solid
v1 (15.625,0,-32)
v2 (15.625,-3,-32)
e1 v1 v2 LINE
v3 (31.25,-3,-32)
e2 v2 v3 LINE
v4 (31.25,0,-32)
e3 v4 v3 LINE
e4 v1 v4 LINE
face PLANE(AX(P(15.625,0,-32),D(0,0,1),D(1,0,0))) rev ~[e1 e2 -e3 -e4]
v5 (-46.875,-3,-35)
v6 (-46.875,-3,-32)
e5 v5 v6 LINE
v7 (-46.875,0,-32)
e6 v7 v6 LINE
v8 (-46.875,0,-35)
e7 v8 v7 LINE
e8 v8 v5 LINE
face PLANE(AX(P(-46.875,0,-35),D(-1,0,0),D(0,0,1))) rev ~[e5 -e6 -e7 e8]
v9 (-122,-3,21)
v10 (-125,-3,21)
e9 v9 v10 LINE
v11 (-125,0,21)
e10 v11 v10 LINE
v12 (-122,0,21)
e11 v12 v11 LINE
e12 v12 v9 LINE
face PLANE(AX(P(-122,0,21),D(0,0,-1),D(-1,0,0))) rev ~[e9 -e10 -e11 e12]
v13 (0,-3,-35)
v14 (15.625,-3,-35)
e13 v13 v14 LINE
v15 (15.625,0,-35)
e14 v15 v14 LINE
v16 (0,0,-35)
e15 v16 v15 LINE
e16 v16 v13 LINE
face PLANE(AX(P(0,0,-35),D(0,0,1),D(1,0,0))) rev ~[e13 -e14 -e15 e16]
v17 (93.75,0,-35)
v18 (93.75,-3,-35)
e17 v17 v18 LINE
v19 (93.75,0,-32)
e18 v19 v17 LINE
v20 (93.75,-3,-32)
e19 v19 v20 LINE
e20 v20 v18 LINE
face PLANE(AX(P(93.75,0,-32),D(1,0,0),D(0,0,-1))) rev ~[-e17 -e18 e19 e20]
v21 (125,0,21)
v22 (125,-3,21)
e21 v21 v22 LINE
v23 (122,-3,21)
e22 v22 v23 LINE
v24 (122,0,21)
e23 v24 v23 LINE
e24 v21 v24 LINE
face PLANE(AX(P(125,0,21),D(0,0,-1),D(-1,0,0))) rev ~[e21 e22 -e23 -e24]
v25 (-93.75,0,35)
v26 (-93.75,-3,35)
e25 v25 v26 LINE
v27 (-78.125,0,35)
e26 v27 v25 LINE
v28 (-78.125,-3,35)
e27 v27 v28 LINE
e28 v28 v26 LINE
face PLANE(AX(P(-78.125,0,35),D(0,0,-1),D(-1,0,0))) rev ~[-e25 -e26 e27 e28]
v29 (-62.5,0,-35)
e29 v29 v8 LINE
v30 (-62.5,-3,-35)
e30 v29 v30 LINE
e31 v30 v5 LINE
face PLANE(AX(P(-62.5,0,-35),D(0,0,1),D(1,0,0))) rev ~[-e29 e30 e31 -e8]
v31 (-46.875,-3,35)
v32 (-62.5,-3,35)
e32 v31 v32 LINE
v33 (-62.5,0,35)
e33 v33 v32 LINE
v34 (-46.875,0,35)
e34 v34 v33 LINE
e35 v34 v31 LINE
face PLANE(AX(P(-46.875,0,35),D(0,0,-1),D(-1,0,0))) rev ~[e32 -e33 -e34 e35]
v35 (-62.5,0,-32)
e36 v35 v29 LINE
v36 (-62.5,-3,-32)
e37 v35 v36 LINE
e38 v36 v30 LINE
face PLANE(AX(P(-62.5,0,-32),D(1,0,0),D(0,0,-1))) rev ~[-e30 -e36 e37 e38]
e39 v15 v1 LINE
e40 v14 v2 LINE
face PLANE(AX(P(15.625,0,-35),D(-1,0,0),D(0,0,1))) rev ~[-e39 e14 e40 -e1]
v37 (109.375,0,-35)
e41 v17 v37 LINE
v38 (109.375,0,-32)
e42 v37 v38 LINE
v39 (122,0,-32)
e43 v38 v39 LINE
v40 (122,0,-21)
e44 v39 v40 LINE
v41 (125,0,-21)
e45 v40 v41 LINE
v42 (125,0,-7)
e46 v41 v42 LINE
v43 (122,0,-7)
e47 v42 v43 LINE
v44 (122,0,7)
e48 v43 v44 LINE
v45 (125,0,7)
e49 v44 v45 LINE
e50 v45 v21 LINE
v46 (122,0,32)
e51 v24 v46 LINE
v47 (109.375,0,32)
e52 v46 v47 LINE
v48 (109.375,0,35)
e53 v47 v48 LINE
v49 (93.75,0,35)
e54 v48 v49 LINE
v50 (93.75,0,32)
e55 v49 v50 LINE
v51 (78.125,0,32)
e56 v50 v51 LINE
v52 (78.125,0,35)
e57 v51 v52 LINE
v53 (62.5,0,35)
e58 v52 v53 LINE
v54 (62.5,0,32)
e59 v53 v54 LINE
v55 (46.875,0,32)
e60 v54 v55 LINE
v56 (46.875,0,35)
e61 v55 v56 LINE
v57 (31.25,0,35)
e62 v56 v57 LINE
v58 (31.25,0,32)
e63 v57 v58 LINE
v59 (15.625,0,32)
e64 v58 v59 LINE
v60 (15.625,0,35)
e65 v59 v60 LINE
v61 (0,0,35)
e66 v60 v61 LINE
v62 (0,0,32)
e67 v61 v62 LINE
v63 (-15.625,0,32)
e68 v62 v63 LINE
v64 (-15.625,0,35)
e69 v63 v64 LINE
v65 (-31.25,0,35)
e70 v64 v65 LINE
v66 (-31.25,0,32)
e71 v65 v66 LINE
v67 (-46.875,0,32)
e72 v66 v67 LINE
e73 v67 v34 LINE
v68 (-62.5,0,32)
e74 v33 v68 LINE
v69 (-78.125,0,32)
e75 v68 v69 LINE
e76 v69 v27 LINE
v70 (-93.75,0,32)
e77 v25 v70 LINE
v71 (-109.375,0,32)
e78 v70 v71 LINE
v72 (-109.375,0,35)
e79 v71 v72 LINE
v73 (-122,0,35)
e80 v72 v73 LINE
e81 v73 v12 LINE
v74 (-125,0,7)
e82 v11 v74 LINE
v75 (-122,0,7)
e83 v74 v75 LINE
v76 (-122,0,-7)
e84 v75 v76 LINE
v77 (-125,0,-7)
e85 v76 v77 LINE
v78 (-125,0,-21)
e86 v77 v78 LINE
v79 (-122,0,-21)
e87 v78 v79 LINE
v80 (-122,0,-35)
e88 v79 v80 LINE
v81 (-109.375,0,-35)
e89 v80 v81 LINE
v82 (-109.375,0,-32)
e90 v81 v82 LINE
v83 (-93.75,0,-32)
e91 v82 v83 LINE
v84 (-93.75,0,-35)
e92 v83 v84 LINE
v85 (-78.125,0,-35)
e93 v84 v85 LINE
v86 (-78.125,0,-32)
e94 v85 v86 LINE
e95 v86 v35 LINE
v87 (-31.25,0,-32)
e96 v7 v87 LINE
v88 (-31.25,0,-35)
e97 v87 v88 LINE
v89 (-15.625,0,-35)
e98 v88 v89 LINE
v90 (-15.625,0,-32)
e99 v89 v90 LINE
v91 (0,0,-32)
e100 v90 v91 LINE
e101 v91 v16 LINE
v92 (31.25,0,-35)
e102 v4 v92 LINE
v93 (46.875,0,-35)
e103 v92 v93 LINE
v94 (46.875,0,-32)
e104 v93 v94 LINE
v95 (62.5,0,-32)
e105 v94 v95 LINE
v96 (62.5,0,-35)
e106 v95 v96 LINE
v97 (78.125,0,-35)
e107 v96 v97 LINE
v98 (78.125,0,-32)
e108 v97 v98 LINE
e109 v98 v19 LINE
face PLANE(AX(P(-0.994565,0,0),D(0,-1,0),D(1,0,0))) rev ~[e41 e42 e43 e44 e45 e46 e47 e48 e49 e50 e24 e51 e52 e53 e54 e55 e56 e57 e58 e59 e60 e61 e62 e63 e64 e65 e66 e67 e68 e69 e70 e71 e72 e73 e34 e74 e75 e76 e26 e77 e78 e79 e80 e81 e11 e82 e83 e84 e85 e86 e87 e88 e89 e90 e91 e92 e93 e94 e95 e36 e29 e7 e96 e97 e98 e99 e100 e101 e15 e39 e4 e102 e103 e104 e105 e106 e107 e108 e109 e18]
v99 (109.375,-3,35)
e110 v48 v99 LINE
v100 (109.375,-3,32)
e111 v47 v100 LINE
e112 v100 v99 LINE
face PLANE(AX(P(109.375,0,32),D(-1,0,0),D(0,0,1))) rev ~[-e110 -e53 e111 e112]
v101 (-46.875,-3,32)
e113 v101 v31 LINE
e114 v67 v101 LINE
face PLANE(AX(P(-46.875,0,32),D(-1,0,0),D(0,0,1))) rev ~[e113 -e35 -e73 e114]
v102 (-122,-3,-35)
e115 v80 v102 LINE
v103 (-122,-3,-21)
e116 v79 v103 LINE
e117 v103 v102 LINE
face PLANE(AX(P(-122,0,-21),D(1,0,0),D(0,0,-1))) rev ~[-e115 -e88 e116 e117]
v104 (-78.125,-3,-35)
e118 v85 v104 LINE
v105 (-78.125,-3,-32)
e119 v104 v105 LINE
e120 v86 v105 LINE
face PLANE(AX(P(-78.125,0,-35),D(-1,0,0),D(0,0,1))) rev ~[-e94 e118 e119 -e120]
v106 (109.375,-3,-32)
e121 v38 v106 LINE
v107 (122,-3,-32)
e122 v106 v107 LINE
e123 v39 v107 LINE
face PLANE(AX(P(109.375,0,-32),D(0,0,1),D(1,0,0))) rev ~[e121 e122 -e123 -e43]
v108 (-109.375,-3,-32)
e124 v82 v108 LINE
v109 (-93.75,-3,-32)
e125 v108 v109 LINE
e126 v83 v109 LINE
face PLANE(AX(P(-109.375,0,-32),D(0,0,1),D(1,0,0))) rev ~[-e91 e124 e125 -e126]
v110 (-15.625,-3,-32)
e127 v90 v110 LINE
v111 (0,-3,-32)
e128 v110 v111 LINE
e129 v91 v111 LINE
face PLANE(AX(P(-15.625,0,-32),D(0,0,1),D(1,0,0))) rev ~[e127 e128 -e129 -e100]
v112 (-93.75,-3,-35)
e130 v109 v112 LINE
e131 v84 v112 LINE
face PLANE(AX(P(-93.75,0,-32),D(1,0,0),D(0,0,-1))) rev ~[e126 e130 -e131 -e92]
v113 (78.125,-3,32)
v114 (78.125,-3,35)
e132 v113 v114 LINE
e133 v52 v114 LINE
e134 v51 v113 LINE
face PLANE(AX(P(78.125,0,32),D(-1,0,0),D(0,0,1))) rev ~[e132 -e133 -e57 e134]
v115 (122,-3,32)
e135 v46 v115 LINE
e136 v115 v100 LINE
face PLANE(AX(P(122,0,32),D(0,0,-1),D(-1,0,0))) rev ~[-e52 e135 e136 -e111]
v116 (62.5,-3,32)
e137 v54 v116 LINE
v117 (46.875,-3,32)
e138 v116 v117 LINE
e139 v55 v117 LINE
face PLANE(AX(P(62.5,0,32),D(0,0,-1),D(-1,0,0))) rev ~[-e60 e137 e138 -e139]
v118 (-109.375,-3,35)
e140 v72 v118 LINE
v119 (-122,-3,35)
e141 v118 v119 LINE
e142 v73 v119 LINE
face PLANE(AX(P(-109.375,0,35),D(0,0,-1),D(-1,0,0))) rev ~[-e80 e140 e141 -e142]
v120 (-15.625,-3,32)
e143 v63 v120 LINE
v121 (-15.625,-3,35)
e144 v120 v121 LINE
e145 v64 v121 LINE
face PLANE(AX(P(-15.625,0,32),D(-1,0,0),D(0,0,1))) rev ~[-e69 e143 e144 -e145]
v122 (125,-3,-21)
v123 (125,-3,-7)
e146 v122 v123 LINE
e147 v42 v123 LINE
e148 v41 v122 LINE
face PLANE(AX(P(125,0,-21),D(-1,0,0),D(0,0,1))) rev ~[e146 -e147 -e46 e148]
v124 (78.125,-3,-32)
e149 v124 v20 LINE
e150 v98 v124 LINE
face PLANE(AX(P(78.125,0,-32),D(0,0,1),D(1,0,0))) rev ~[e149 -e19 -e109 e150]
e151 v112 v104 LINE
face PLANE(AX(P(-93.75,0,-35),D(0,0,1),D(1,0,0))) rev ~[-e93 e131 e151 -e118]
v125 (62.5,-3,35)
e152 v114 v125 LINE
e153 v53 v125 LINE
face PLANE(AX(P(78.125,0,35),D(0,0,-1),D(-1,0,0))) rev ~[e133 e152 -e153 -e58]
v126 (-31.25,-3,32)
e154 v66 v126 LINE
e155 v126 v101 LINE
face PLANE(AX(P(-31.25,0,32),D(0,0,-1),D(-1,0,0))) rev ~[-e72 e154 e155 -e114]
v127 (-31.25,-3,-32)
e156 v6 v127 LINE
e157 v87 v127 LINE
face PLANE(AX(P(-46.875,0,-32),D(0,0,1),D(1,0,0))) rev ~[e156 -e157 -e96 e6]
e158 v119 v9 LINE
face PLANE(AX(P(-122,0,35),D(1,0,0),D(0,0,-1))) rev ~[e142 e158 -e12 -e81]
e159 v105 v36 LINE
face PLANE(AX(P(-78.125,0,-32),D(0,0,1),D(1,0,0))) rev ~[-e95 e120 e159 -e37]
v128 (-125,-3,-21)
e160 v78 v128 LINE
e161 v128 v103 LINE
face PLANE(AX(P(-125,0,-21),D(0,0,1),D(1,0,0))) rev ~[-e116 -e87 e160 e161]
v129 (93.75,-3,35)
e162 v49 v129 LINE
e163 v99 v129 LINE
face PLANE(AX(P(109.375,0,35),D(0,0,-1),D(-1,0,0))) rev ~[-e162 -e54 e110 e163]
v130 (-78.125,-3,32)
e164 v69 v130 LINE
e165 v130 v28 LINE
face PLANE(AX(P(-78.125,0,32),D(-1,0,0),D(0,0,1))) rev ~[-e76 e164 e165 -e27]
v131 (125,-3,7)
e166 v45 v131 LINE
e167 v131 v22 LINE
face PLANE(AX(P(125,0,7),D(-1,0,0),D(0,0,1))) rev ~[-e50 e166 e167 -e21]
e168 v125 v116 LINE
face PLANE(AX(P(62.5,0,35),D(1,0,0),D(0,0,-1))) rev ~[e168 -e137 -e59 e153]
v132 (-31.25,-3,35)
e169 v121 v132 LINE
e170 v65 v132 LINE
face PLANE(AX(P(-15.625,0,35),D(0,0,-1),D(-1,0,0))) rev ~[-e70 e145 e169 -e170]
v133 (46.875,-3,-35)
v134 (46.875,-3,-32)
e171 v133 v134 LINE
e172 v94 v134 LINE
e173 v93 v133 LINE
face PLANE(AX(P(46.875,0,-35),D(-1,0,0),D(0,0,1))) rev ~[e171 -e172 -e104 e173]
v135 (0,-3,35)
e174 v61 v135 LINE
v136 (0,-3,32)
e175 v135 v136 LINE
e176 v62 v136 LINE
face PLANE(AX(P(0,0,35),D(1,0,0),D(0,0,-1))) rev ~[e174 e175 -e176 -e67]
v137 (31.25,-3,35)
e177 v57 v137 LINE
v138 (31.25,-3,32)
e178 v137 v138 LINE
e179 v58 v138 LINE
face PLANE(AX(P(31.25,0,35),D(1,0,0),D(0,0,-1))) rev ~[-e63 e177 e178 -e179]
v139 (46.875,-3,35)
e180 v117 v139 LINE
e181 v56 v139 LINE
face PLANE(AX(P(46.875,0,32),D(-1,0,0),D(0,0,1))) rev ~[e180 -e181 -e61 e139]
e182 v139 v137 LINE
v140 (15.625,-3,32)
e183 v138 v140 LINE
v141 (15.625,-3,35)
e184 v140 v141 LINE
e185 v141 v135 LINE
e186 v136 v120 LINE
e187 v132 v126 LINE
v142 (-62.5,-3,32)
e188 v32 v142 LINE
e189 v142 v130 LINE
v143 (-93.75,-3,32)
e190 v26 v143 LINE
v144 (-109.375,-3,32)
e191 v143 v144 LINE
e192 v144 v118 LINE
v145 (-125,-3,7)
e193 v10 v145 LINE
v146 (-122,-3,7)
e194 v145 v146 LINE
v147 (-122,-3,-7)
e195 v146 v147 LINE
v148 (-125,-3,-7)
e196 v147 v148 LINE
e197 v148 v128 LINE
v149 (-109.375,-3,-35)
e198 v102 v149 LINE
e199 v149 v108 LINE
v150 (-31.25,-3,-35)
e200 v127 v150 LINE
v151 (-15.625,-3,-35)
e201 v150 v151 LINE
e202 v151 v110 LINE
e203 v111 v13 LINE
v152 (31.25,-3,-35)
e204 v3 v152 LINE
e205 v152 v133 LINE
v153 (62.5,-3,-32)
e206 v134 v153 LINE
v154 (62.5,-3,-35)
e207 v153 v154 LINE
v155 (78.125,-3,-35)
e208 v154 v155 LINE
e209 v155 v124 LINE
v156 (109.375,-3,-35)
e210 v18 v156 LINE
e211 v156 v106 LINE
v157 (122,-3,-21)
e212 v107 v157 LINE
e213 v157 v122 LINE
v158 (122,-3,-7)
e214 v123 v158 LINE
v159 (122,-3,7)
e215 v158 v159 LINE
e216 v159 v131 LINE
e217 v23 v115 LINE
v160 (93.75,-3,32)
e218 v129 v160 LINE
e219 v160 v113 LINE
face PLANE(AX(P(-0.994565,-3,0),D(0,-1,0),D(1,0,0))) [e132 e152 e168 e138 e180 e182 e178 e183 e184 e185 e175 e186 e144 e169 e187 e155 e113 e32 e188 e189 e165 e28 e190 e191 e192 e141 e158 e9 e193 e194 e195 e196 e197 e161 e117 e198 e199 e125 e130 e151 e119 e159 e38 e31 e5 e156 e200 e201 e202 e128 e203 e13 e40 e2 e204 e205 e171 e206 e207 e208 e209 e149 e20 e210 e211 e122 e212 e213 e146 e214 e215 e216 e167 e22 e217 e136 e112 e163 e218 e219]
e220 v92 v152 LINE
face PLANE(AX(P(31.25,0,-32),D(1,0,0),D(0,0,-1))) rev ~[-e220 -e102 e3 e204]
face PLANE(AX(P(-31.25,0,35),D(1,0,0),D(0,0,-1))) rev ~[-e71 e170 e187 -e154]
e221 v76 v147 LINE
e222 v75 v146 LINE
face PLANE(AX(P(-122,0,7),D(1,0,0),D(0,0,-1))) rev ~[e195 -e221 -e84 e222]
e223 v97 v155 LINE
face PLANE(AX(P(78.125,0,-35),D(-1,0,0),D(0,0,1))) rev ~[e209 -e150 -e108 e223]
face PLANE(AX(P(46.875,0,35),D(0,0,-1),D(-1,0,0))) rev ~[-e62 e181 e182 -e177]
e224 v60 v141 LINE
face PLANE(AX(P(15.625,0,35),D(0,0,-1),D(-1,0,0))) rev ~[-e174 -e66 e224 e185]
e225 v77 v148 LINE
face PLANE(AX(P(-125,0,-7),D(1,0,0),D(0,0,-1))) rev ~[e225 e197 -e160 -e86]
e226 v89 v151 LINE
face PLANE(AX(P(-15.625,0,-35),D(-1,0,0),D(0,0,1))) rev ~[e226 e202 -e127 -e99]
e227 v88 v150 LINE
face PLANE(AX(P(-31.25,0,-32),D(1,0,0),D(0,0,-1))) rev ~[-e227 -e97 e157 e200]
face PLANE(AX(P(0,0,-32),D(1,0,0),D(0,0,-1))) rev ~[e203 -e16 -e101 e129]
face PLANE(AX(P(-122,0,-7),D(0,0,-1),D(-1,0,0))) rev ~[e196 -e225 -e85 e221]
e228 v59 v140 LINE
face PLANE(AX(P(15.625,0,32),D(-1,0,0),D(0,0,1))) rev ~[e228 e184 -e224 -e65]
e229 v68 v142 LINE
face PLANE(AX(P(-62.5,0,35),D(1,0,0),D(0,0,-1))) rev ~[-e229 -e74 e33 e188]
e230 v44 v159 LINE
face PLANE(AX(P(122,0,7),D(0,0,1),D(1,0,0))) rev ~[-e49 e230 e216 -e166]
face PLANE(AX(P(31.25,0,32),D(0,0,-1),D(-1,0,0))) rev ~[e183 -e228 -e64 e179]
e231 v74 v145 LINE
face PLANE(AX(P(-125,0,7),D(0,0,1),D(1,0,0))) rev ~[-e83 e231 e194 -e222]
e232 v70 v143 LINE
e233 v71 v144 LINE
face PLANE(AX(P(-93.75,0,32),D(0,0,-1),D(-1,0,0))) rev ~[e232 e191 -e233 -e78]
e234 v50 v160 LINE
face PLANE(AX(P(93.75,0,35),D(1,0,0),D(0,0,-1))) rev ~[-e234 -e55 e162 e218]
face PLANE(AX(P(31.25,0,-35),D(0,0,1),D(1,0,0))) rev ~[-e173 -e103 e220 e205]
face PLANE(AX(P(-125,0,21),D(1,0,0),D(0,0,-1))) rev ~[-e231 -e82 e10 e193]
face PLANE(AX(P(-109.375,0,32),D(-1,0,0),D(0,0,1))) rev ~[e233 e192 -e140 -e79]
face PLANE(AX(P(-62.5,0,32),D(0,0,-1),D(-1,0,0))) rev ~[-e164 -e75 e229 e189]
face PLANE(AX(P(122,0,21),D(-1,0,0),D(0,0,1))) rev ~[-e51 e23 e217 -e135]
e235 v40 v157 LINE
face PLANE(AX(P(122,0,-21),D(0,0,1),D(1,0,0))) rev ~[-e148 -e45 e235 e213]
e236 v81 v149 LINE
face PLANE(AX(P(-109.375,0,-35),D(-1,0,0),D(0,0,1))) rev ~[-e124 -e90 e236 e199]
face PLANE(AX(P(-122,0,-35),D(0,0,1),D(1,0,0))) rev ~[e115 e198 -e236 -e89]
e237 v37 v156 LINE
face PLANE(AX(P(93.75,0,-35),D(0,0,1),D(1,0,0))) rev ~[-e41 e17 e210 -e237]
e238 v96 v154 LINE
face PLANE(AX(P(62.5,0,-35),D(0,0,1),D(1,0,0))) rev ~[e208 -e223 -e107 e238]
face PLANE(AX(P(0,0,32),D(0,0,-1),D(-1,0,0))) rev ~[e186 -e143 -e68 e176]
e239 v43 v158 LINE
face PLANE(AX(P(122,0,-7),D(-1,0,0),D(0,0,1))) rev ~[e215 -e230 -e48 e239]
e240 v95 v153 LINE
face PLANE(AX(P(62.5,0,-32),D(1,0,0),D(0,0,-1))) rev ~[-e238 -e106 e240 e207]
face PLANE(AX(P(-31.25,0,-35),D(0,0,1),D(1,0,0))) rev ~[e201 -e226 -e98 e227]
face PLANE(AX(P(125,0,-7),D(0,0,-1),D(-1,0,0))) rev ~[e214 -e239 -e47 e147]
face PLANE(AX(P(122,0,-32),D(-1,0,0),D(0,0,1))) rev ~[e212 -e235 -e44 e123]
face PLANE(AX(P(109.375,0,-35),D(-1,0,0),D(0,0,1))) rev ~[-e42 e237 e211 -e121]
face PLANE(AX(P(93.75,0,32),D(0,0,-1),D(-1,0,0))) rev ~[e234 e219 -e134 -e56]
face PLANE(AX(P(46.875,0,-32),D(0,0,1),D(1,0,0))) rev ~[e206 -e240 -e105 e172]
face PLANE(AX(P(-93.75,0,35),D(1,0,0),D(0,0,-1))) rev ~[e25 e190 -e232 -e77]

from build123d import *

# Parameters (mm, degrees)
F1_DEPTH = 3


with BuildPart() as f1:
    # F0 (on Front) → F1 (new body)
    with BuildSketch(Plane.XZ):
        Polygon((109.375, 32), (109.375, 35), (93.75, 35), (93.75, 32), (78.125, 32), (78.125, 35), (62.5, 35), (62.5, 32), (46.875, 32), (46.875, 35), (31.25, 35), (31.25, 32), (15.625, 32), (15.625, 35), (0, 35), (0, 32), (-15.625, 32), (-15.625, 35), (-31.25, 35), (-31.25, 32), (-46.875, 32), (-46.875, 35), (-62.5, 35), (-62.5, 32), (-78.125, 32), (-78.125, 35), (-93.75, 35), (-93.75, 32), (-109.375, 32), (-109.375, 35), (-122, 35), (-122, 21), (-125, 21), (-125, 7), (-122, 7), (-122, -7), (-125, -7), (-125, -21), (-122, -21), (-122, -35), (-109.375, -35), (-109.375, -32), (-93.75, -32), (-93.75, -35), (-78.125, -35), (-78.125, -32), (-62.5, -32), (-62.5, -35), (-46.875, -35), (-46.875, -32), (-31.25, -32), (-31.25, -35), (-15.625, -35), (-15.625, -32), (0, -32), (0, -35), (15.625, -35), (15.625, -32), (31.25, -32), (31.25, -35), (46.875, -35), (46.875, -32), (62.5, -32), (62.5, -35), (78.125, -35), (78.125, -32), (93.75, -32), (93.75, -35), (109.375, -35), (109.375, -32), (122, -32), (122, -21), (125, -21), (125, -7), (122, -7), (122, 7), (125, 7), (125, 21), (122, 21), (122, 32), align=None)
    extrude(amount=F1_DEPTH)


solid = f1.part
